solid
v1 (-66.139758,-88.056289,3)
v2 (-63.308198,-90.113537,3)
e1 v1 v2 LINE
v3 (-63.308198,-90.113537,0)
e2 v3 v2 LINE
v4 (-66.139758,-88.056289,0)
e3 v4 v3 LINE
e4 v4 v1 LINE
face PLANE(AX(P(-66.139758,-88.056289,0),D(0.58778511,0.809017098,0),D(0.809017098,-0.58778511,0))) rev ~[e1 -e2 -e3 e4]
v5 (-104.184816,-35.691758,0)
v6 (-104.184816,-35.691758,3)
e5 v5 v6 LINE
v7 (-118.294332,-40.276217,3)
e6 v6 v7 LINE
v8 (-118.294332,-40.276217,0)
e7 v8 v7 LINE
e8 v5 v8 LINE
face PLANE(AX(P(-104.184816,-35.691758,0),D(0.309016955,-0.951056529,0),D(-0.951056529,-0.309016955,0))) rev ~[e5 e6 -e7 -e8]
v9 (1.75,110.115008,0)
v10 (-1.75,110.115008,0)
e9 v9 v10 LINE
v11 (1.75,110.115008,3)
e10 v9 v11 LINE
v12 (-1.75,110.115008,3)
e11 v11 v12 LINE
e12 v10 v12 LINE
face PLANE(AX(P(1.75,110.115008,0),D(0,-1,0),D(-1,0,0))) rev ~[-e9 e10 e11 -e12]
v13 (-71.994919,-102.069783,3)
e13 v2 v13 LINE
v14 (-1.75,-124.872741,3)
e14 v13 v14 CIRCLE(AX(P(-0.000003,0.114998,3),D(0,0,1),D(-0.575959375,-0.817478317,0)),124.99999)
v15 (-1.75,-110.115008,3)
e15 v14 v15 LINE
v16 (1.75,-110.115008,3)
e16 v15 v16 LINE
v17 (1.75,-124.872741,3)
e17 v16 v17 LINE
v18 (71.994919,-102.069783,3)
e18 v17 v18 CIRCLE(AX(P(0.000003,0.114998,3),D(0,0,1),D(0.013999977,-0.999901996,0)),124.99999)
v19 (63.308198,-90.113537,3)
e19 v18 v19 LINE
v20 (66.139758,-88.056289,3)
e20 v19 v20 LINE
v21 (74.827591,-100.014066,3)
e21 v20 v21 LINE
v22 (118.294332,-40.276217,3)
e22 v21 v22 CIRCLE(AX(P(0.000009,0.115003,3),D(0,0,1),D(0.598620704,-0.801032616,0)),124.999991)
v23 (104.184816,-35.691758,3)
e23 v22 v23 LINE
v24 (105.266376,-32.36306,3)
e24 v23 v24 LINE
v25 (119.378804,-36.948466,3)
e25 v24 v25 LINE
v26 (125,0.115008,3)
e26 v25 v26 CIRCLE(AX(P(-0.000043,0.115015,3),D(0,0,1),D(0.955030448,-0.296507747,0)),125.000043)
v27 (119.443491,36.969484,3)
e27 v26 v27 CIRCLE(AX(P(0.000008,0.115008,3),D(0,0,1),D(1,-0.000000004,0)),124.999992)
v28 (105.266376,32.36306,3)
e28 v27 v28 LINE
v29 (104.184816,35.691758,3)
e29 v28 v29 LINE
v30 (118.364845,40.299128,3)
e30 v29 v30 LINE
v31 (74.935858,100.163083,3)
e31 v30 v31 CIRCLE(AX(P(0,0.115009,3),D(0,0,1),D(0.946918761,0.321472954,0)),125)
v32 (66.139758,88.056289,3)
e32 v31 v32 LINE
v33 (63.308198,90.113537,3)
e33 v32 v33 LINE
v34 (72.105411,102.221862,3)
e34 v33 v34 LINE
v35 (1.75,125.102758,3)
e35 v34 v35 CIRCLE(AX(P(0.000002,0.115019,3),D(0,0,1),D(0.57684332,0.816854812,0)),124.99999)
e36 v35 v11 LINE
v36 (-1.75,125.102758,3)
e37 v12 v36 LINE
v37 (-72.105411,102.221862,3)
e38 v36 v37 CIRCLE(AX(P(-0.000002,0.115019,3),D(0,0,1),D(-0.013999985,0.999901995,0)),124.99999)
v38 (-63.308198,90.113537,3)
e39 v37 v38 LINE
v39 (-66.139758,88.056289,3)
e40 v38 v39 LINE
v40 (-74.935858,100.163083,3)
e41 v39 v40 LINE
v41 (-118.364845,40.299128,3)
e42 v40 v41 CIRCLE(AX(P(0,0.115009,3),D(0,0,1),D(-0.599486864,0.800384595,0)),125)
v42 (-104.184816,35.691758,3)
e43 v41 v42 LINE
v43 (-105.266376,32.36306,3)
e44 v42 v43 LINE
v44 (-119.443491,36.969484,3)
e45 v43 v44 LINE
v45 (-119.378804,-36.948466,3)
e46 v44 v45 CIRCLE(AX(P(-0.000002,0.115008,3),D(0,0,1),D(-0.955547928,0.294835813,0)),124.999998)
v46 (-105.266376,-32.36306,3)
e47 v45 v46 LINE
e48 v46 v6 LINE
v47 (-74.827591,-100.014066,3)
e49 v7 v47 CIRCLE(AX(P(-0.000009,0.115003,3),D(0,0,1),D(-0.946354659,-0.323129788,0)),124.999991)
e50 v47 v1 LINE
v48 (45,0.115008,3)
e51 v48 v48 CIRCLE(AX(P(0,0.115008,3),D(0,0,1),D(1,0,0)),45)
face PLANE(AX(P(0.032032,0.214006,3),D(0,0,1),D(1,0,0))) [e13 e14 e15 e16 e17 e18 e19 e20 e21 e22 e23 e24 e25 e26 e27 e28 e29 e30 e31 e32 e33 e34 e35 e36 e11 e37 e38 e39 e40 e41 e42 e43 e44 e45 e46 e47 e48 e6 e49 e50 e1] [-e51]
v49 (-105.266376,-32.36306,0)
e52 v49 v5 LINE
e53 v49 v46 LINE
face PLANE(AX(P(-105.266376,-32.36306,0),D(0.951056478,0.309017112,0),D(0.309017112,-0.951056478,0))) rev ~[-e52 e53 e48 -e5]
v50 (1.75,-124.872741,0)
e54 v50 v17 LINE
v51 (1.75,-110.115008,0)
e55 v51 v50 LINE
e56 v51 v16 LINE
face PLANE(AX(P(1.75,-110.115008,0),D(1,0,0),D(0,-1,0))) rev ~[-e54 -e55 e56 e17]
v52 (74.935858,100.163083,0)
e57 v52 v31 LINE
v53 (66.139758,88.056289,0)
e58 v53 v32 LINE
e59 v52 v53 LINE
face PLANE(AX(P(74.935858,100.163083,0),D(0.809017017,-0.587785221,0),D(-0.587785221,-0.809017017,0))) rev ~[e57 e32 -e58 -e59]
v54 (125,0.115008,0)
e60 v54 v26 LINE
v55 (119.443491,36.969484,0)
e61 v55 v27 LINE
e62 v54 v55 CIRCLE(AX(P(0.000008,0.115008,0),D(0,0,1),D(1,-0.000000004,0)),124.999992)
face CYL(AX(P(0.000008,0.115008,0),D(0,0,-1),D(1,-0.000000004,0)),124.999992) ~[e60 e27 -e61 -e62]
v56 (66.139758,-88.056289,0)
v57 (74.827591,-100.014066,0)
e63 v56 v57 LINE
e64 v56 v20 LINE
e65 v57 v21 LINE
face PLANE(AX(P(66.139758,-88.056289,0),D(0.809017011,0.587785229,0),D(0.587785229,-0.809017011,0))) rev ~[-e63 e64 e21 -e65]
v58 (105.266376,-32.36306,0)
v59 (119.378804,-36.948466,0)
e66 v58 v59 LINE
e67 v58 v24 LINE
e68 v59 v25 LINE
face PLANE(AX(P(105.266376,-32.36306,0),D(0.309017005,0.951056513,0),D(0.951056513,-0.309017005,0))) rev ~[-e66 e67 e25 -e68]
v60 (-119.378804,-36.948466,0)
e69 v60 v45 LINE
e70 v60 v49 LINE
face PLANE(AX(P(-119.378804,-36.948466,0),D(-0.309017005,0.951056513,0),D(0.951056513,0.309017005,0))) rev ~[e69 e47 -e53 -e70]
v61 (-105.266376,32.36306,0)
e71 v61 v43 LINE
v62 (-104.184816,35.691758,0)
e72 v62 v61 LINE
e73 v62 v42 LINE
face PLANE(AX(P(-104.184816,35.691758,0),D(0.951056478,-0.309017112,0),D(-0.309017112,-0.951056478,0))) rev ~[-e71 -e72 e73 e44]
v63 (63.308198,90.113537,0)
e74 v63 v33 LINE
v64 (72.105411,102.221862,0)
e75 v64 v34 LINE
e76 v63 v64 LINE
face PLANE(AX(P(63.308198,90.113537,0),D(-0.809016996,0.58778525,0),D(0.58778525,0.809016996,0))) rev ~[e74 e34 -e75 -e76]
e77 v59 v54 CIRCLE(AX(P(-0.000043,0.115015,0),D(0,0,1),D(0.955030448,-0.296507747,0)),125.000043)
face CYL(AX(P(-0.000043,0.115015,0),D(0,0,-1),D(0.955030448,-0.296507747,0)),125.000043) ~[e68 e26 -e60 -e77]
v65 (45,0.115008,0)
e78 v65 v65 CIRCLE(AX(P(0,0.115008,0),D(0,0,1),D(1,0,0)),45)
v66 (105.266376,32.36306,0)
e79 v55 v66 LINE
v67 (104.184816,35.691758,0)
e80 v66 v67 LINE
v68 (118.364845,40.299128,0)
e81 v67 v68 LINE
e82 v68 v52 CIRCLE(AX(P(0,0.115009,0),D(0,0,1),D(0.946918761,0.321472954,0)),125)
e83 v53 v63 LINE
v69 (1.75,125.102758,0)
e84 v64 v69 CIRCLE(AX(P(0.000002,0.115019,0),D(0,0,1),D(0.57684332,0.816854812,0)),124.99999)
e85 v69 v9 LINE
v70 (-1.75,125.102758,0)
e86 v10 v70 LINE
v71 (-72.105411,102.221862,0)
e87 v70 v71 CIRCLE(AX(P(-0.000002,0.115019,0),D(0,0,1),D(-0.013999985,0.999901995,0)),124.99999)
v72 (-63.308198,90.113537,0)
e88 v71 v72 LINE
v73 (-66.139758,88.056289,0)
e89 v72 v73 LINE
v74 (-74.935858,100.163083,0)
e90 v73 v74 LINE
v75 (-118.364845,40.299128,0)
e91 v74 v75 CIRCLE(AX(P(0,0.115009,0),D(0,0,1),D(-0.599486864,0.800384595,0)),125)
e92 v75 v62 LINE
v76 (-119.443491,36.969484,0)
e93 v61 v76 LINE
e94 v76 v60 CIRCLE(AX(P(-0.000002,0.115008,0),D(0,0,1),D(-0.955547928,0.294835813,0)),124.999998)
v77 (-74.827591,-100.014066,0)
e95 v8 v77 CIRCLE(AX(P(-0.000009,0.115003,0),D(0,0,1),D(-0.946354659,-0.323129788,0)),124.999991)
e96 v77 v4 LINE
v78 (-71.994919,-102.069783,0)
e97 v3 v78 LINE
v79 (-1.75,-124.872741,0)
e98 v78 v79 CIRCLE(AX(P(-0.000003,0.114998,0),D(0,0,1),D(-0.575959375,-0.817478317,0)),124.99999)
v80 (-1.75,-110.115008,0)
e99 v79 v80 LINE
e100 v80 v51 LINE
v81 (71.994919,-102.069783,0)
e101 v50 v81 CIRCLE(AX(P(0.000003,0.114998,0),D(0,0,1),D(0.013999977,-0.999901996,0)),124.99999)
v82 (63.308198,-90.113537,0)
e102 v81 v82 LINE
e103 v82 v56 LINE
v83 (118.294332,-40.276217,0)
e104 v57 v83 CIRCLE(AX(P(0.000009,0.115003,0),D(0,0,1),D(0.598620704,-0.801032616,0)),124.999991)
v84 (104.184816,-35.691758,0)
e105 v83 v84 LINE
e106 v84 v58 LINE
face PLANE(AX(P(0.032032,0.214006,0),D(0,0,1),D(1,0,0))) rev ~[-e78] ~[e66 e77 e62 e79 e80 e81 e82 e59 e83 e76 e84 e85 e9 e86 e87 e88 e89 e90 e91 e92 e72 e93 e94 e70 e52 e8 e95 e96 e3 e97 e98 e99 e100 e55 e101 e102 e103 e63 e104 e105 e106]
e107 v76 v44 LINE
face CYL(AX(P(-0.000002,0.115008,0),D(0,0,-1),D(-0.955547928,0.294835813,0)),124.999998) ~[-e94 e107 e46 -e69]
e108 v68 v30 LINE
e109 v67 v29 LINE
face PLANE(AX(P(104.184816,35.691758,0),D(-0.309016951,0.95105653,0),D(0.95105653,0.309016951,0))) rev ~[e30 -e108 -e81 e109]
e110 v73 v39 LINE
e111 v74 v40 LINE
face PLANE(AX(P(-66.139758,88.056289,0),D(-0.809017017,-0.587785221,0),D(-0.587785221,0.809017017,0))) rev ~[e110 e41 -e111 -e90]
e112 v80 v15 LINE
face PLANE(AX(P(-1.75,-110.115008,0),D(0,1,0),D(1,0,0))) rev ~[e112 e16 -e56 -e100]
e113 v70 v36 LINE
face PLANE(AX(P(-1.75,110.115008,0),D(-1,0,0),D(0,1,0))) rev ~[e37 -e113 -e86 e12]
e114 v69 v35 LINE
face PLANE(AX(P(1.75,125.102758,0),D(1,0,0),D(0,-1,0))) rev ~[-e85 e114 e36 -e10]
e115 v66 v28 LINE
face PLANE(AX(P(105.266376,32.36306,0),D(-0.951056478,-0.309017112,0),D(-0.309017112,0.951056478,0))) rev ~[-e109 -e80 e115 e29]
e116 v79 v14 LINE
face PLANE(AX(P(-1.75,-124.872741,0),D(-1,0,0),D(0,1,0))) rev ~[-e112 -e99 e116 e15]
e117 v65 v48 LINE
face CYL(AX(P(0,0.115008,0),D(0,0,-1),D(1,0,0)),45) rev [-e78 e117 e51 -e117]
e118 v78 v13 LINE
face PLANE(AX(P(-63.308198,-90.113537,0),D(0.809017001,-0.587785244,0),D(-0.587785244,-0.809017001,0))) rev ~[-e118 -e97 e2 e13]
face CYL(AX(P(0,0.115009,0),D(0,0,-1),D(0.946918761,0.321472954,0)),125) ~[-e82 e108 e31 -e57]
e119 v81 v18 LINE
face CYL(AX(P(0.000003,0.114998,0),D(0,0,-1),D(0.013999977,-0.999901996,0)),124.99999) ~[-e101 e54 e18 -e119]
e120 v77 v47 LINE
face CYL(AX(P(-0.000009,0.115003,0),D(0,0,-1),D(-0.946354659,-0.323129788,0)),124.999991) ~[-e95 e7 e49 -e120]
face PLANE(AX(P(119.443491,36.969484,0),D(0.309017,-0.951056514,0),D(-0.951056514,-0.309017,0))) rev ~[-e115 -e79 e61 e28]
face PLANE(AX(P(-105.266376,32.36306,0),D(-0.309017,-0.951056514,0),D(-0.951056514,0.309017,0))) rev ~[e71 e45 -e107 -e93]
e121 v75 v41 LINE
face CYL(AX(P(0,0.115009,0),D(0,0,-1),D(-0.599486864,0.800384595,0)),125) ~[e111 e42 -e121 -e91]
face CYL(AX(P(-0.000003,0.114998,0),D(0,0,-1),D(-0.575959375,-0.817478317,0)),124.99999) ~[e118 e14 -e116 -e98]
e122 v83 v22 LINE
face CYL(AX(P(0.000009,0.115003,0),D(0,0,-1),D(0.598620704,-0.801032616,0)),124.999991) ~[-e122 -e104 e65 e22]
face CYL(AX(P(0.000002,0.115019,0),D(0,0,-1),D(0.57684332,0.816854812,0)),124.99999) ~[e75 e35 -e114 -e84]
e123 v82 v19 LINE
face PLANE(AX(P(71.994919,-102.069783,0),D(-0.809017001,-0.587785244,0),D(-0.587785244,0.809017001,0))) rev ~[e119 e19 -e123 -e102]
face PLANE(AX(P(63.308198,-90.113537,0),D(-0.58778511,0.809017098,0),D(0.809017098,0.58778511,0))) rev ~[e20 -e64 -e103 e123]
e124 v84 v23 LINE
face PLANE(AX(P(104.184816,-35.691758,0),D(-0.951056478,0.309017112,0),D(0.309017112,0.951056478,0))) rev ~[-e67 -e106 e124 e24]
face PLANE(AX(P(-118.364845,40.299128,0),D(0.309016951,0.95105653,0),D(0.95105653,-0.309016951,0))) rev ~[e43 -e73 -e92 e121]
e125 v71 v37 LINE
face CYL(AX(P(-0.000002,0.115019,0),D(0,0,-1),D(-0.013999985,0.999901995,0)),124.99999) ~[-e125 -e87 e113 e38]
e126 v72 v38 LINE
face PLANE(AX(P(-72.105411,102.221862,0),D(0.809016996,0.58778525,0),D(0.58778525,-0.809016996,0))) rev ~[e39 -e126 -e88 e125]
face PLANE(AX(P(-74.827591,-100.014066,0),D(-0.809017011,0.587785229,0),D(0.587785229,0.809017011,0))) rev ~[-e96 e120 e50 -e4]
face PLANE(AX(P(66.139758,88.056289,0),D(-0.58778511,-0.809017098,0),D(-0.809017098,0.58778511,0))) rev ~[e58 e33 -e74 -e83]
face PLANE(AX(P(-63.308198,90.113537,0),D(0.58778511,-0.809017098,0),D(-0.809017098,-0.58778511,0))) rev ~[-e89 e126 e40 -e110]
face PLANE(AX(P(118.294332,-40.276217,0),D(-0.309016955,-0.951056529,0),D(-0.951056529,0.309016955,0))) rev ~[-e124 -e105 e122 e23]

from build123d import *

# Parameters (mm, degrees)
F0_R     = 45
F1_DEPTH = 3
F2_DEPTH = 3


with BuildPart() as f1:
    # F0 (on Top) → F1 (new body)
    with BuildSketch(Plane.XY):
        with BuildLine():
            ThreePointArc((119.378804, -36.948466), (123.586711, -18.62865), (125, 0.115008))
            ThreePointArc((125, 0.115008), (123.603067, 18.750507), (119.443491, 36.969484))
            Line((119.443491, 36.969484), (105.266376, 32.36306))
            Line((105.266376, 32.36306), (104.184816, 35.691758))
            Line((104.184816, 35.691758), (118.364845, 40.299128))
            ThreePointArc((118.364845, 40.299128), (101.179117, 73.51655), (74.935858, 100.163083))
            Line((74.935858, 100.163083), (66.139758, 88.056289))
            Line((66.139758, 88.056289), (63.308198, 90.113537))
            Line((63.308198, 90.113537), (72.105411, 102.221862))
            ThreePointArc((72.105411, 102.221862), (38.659272, 118.986623), (1.75, 125.102758))
            Line((1.75, 125.102758), (1.75, 110.115008))
            Line((1.75, 110.115008), (-1.75, 110.115008))
            Line((-1.75, 110.115008), (-1.75, 125.102758))
            ThreePointArc((-1.75, 125.102758), (-38.659272, 118.986623), (-72.105411, 102.221862))
            Line((-72.105411, 102.221862), (-63.308198, 90.113537))
            Line((-63.308198, 90.113537), (-66.139758, 88.056289))
            Line((-66.139758, 88.056289), (-74.935858, 100.163083))
            ThreePointArc((-74.935858, 100.163083), (-101.179117, 73.51655), (-118.364845, 40.299128))
            Line((-118.364845, 40.299128), (-104.184816, 35.691758))
            Line((-104.184816, 35.691758), (-105.266376, 32.36306))
            Line((-105.266376, 32.36306), (-119.443491, 36.969484))
            ThreePointArc((-119.443491, 36.969484), (-124.999952, 0.005618), (-119.378804, -36.948466))
            Line((-119.378804, -36.948466), (-105.266376, -32.36306))
            Line((-105.266376, -32.36306), (-104.184816, -35.691758))
            Line((-104.184816, -35.691758), (-118.294332, -40.276217))
            ThreePointArc((-118.294332, -40.276217), (-101.075081, -73.429727), (-74.827591, -100.014066))
            Line((-74.827591, -100.014066), (-66.139758, -88.056289))
            Line((-66.139758, -88.056289), (-63.308198, -90.113537))
            Line((-63.308198, -90.113537), (-71.994919, -102.069783))
            ThreePointArc((-71.994919, -102.069783), (-38.594974, -118.777498), (-1.75, -124.872741))
            Line((-1.75, -124.872741), (-1.75, -110.115008))
            Line((-1.75, -110.115008), (1.75, -110.115008))
            Line((1.75, -110.115008), (1.75, -124.872741))
            ThreePointArc((1.75, -124.872741), (38.594974, -118.777498), (71.994919, -102.069783))
            Line((71.994919, -102.069783), (63.308198, -90.113537))
            Line((63.308198, -90.113537), (66.139758, -88.056289))
            Line((66.139758, -88.056289), (74.827591, -100.014066))
            ThreePointArc((74.827591, -100.014066), (101.075081, -73.429727), (118.294332, -40.276217))
            Line((118.294332, -40.276217), (104.184816, -35.691758))
            Line((104.184816, -35.691758), (105.266376, -32.36306))
            Line((105.266376, -32.36306), (119.378804, -36.948466))
        make_face()
        with Locations((0, 0.115008)):
            Circle(F0_R, mode=Mode.SUBTRACT)
    extrude(amount=F1_DEPTH)

    # F0 (on Top) → F2 (join)
    with BuildSketch(Plane.XY):
        with BuildLine():
            ThreePointArc((119.378804, -36.948466), (123.586711, -18.62865), (125, 0.115008))
            ThreePointArc((125, 0.115008), (123.603067, 18.750507), (119.443491, 36.969484))
            Line((119.443491, 36.969484), (105.266376, 32.36306))
            Line((105.266376, 32.36306), (104.184816, 35.691758))
            Line((104.184816, 35.691758), (118.364845, 40.299128))
            ThreePointArc((118.364845, 40.299128), (101.179117, 73.51655), (74.935858, 100.163083))
            Line((74.935858, 100.163083), (66.139758, 88.056289))
            Line((66.139758, 88.056289), (63.308198, 90.113537))
            Line((63.308198, 90.113537), (72.105411, 102.221862))
            ThreePointArc((72.105411, 102.221862), (38.659272, 118.986623), (1.75, 125.102758))
            Line((1.75, 125.102758), (1.75, 110.115008))
            Line((1.75, 110.115008), (-1.75, 110.115008))
            Line((-1.75, 110.115008), (-1.75, 125.102758))
            ThreePointArc((-1.75, 125.102758), (-38.659272, 118.986623), (-72.105411, 102.221862))
            Line((-72.105411, 102.221862), (-63.308198, 90.113537))
            Line((-63.308198, 90.113537), (-66.139758, 88.056289))
            Line((-66.139758, 88.056289), (-74.935858, 100.163083))
            ThreePointArc((-74.935858, 100.163083), (-101.179117, 73.51655), (-118.364845, 40.299128))
            Line((-118.364845, 40.299128), (-104.184816, 35.691758))
            Line((-104.184816, 35.691758), (-105.266376, 32.36306))
            Line((-105.266376, 32.36306), (-119.443491, 36.969484))
            ThreePointArc((-119.443491, 36.969484), (-124.999952, 0.005618), (-119.378804, -36.948466))
            Line((-119.378804, -36.948466), (-105.266376, -32.36306))
            Line((-105.266376, -32.36306), (-104.184816, -35.691758))
            Line((-104.184816, -35.691758), (-118.294332, -40.276217))
            ThreePointArc((-118.294332, -40.276217), (-101.075081, -73.429727), (-74.827591, -100.014066))
            Line((-74.827591, -100.014066), (-66.139758, -88.056289))
            Line((-66.139758, -88.056289), (-63.308198, -90.113537))
            Line((-63.308198, -90.113537), (-71.994919, -102.069783))
            ThreePointArc((-71.994919, -102.069783), (-38.594974, -118.777498), (-1.75, -124.872741))
            Line((-1.75, -124.872741), (-1.75, -110.115008))
            Line((-1.75, -110.115008), (1.75, -110.115008))
            Line((1.75, -110.115008), (1.75, -124.872741))
            ThreePointArc((1.75, -124.872741), (38.594974, -118.777498), (71.994919, -102.069783))
            Line((71.994919, -102.069783), (63.308198, -90.113537))
            Line((63.308198, -90.113537), (66.139758, -88.056289))
            Line((66.139758, -88.056289), (74.827591, -100.014066))
            ThreePointArc((74.827591, -100.014066), (101.075081, -73.429727), (118.294332, -40.276217))
            Line((118.294332, -40.276217), (104.184816, -35.691758))
            Line((104.184816, -35.691758), (105.266376, -32.36306))
            Line((105.266376, -32.36306), (119.378804, -36.948466))
        make_face()
        with Locations((0, 0.115008)):
            Circle(F0_R, mode=Mode.SUBTRACT)
    extrude(amount=F2_DEPTH)


solid = f1.part
